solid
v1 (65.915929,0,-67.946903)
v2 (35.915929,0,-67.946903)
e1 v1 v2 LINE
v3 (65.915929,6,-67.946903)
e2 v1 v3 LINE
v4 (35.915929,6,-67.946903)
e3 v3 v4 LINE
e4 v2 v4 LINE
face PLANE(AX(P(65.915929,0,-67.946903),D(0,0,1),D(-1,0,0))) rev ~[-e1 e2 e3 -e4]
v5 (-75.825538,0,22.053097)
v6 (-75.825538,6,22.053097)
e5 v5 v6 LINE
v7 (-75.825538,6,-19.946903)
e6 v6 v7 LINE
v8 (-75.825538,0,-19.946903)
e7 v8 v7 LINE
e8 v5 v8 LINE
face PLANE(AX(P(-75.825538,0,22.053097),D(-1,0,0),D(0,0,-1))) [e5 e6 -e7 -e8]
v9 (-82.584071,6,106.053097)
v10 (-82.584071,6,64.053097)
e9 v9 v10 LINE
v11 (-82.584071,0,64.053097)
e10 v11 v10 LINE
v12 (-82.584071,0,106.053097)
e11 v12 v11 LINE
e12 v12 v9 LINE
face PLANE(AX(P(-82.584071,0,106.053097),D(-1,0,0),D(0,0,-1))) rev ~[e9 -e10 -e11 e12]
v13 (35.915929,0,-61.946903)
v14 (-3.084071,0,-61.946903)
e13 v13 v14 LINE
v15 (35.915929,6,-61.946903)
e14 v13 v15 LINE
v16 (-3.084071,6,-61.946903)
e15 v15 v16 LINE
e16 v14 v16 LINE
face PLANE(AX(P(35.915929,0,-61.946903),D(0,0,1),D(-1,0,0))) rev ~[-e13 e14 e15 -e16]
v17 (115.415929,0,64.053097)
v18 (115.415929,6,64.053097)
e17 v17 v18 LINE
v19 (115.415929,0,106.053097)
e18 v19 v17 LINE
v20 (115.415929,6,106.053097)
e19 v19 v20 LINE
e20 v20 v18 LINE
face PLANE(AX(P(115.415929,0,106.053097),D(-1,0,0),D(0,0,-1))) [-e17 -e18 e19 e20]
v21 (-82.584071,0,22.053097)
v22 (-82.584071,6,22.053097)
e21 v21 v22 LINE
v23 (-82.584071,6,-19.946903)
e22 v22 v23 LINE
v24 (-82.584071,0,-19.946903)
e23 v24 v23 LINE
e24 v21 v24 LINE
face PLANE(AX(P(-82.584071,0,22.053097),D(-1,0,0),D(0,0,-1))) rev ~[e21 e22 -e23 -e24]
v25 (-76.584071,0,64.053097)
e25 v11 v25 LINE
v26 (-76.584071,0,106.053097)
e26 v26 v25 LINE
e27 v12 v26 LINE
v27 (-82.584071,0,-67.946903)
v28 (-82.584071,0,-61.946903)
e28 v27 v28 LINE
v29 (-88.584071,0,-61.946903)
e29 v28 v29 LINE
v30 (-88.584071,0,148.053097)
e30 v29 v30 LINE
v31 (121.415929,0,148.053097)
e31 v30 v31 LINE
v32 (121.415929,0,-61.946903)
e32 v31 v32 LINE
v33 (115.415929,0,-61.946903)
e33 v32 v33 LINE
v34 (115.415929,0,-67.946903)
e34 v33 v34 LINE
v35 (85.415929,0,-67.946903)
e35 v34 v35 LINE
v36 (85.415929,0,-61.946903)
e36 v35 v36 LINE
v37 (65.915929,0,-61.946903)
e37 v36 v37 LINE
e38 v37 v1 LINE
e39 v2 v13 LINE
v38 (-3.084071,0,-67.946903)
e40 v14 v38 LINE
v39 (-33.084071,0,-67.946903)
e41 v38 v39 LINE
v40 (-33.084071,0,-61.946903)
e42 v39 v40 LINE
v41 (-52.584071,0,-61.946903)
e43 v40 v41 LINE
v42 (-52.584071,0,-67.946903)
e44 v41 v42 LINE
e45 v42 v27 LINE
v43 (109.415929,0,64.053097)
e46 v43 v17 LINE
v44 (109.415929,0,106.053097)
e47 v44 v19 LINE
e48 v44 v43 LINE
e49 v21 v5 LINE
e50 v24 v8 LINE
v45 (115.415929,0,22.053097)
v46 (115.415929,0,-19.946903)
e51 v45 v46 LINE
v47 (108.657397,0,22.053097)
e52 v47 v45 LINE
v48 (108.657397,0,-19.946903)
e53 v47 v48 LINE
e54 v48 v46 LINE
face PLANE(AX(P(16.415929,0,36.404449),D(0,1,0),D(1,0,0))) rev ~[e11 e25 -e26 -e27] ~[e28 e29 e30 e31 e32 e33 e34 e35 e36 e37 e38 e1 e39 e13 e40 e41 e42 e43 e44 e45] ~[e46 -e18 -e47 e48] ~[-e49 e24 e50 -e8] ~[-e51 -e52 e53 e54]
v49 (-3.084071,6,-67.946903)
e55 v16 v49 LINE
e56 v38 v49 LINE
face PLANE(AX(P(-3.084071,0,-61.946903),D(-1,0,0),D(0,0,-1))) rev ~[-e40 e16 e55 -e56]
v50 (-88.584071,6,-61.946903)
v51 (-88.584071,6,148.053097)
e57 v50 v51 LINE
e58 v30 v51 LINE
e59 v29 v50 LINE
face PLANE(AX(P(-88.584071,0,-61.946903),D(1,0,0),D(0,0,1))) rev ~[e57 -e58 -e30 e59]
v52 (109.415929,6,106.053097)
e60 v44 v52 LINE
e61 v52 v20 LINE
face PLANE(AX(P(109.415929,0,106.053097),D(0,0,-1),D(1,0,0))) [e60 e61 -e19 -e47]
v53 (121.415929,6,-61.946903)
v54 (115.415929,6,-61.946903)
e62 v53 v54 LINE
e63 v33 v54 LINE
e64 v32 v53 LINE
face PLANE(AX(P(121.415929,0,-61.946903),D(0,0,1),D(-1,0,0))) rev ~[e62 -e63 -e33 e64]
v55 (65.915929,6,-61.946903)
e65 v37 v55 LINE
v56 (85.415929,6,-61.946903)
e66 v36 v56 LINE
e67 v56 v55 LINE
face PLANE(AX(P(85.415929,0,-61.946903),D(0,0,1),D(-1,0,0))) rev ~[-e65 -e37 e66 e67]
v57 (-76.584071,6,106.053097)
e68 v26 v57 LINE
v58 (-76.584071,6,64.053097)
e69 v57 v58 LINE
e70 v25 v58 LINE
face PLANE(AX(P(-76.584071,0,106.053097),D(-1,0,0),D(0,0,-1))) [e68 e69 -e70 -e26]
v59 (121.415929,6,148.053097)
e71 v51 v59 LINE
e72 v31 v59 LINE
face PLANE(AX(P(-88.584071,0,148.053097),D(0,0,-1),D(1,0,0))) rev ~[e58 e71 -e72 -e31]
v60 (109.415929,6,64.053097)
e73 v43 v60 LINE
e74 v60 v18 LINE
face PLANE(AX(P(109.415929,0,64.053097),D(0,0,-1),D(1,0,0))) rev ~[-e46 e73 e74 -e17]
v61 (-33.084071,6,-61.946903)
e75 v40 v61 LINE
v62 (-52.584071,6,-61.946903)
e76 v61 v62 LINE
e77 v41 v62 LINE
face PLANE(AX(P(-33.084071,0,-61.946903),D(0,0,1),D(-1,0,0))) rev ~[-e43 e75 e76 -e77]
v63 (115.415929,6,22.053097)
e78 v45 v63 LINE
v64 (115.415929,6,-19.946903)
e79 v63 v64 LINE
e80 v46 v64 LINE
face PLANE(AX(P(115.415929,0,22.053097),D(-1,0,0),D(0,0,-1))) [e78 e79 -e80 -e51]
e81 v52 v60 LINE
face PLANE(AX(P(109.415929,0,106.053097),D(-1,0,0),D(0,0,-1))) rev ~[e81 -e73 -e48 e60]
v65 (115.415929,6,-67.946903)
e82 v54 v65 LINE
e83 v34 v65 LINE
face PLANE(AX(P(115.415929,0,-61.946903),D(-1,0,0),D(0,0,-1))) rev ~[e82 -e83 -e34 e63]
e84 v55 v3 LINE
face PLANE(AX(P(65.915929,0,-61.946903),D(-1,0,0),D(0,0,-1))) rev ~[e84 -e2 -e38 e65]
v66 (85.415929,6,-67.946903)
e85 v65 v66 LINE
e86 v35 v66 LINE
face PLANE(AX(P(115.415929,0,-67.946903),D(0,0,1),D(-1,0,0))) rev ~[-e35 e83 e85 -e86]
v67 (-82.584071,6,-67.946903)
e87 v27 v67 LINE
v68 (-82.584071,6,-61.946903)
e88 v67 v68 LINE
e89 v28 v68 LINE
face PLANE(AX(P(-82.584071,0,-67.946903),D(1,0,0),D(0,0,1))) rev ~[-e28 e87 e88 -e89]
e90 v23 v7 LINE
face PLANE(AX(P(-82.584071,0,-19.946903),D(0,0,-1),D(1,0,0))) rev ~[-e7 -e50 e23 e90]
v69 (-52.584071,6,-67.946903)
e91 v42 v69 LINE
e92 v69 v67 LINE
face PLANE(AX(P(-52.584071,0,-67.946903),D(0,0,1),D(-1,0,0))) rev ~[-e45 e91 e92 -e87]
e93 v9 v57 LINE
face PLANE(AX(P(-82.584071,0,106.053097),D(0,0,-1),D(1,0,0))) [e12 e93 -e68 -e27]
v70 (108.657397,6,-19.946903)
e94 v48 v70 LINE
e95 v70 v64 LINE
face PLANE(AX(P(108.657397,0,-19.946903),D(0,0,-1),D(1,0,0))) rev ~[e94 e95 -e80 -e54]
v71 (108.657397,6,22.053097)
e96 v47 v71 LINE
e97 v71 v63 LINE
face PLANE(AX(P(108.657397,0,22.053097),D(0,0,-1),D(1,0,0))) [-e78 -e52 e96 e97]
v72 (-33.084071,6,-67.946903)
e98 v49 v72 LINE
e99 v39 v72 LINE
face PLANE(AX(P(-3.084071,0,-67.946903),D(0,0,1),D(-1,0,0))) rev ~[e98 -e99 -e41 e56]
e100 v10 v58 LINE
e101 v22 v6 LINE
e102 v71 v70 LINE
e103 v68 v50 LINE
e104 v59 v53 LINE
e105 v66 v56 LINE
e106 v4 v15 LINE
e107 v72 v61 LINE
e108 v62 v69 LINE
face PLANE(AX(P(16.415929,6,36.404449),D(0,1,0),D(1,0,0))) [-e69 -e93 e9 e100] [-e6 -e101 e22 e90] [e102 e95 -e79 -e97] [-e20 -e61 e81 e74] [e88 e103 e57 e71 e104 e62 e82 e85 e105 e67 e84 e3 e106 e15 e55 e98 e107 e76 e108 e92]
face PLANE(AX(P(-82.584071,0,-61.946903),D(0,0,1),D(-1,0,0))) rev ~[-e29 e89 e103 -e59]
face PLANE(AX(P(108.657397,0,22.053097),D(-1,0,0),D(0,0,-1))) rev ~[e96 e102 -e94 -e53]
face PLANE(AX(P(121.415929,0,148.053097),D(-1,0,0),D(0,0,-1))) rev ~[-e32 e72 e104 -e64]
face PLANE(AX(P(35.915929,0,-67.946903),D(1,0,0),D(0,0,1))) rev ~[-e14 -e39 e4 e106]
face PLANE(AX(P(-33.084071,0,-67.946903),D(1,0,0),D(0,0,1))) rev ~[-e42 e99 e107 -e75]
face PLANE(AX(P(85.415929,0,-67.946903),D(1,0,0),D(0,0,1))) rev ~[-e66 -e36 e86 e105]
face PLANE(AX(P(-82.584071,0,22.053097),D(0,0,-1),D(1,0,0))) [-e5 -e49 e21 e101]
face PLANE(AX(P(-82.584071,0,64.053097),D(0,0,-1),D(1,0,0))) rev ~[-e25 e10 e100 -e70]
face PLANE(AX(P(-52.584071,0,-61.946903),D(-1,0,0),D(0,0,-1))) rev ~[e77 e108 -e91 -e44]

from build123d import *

# Parameters (mm, degrees)
SKETCH1_W           = 6.758532652
SKETCH1_H           = 42
SKETCH1_W_2         = 6
SKETCH1_W_3         = 6.758532653
BOSS_EXTRUDE1_DEPTH = 6


with BuildPart() as part:
    # Sketch1 → Boss-Extrude1 (new body)
    with BuildSketch(Plane(origin=(0, 0, 0), x_dir=(1, 0, 0), z_dir=(0, 1, 0))):
        Polygon((-88.584070796, 61.946902655), (-88.584070796, -148.053097345), (121.415929204, -148.053097345), (121.415929204, 61.946902655), (115.415929204, 61.946902655), (115.415929204, 67.946902655), (85.415929204, 67.946902655), (85.415929204, 61.946902655), (65.915929204, 61.946902655), (65.915929204, 67.946902655), (35.915929204, 67.946902655), (35.915929204, 61.946902655), (-3.084070796, 61.946902655), (-3.084070796, 67.946902655), (-33.084070796, 67.946902655), (-33.084070796, 61.946902655), (-52.584070796, 61.946902655), (-52.584070796, 67.946902655), (-82.584070796, 67.946902655), (-82.584070796, 61.946902655), align=None)
        with Locations((-79.20480447, -1.053097345)):
            Rectangle(SKETCH1_W, SKETCH1_H, mode=Mode.SUBTRACT)
        with Locations((-79.584070796, -85.053097345)):
            Rectangle(SKETCH1_W_2, SKETCH1_H, mode=Mode.SUBTRACT)
        with Locations((112.036662878, -1.053097345)):
            Rectangle(SKETCH1_W_3, SKETCH1_H, mode=Mode.SUBTRACT)
        with Locations((112.415929204, -85.053097345)):
            Rectangle(SKETCH1_W_2, SKETCH1_H, mode=Mode.SUBTRACT)
    extrude(amount=BOSS_EXTRUDE1_DEPTH)


solid = part.part
